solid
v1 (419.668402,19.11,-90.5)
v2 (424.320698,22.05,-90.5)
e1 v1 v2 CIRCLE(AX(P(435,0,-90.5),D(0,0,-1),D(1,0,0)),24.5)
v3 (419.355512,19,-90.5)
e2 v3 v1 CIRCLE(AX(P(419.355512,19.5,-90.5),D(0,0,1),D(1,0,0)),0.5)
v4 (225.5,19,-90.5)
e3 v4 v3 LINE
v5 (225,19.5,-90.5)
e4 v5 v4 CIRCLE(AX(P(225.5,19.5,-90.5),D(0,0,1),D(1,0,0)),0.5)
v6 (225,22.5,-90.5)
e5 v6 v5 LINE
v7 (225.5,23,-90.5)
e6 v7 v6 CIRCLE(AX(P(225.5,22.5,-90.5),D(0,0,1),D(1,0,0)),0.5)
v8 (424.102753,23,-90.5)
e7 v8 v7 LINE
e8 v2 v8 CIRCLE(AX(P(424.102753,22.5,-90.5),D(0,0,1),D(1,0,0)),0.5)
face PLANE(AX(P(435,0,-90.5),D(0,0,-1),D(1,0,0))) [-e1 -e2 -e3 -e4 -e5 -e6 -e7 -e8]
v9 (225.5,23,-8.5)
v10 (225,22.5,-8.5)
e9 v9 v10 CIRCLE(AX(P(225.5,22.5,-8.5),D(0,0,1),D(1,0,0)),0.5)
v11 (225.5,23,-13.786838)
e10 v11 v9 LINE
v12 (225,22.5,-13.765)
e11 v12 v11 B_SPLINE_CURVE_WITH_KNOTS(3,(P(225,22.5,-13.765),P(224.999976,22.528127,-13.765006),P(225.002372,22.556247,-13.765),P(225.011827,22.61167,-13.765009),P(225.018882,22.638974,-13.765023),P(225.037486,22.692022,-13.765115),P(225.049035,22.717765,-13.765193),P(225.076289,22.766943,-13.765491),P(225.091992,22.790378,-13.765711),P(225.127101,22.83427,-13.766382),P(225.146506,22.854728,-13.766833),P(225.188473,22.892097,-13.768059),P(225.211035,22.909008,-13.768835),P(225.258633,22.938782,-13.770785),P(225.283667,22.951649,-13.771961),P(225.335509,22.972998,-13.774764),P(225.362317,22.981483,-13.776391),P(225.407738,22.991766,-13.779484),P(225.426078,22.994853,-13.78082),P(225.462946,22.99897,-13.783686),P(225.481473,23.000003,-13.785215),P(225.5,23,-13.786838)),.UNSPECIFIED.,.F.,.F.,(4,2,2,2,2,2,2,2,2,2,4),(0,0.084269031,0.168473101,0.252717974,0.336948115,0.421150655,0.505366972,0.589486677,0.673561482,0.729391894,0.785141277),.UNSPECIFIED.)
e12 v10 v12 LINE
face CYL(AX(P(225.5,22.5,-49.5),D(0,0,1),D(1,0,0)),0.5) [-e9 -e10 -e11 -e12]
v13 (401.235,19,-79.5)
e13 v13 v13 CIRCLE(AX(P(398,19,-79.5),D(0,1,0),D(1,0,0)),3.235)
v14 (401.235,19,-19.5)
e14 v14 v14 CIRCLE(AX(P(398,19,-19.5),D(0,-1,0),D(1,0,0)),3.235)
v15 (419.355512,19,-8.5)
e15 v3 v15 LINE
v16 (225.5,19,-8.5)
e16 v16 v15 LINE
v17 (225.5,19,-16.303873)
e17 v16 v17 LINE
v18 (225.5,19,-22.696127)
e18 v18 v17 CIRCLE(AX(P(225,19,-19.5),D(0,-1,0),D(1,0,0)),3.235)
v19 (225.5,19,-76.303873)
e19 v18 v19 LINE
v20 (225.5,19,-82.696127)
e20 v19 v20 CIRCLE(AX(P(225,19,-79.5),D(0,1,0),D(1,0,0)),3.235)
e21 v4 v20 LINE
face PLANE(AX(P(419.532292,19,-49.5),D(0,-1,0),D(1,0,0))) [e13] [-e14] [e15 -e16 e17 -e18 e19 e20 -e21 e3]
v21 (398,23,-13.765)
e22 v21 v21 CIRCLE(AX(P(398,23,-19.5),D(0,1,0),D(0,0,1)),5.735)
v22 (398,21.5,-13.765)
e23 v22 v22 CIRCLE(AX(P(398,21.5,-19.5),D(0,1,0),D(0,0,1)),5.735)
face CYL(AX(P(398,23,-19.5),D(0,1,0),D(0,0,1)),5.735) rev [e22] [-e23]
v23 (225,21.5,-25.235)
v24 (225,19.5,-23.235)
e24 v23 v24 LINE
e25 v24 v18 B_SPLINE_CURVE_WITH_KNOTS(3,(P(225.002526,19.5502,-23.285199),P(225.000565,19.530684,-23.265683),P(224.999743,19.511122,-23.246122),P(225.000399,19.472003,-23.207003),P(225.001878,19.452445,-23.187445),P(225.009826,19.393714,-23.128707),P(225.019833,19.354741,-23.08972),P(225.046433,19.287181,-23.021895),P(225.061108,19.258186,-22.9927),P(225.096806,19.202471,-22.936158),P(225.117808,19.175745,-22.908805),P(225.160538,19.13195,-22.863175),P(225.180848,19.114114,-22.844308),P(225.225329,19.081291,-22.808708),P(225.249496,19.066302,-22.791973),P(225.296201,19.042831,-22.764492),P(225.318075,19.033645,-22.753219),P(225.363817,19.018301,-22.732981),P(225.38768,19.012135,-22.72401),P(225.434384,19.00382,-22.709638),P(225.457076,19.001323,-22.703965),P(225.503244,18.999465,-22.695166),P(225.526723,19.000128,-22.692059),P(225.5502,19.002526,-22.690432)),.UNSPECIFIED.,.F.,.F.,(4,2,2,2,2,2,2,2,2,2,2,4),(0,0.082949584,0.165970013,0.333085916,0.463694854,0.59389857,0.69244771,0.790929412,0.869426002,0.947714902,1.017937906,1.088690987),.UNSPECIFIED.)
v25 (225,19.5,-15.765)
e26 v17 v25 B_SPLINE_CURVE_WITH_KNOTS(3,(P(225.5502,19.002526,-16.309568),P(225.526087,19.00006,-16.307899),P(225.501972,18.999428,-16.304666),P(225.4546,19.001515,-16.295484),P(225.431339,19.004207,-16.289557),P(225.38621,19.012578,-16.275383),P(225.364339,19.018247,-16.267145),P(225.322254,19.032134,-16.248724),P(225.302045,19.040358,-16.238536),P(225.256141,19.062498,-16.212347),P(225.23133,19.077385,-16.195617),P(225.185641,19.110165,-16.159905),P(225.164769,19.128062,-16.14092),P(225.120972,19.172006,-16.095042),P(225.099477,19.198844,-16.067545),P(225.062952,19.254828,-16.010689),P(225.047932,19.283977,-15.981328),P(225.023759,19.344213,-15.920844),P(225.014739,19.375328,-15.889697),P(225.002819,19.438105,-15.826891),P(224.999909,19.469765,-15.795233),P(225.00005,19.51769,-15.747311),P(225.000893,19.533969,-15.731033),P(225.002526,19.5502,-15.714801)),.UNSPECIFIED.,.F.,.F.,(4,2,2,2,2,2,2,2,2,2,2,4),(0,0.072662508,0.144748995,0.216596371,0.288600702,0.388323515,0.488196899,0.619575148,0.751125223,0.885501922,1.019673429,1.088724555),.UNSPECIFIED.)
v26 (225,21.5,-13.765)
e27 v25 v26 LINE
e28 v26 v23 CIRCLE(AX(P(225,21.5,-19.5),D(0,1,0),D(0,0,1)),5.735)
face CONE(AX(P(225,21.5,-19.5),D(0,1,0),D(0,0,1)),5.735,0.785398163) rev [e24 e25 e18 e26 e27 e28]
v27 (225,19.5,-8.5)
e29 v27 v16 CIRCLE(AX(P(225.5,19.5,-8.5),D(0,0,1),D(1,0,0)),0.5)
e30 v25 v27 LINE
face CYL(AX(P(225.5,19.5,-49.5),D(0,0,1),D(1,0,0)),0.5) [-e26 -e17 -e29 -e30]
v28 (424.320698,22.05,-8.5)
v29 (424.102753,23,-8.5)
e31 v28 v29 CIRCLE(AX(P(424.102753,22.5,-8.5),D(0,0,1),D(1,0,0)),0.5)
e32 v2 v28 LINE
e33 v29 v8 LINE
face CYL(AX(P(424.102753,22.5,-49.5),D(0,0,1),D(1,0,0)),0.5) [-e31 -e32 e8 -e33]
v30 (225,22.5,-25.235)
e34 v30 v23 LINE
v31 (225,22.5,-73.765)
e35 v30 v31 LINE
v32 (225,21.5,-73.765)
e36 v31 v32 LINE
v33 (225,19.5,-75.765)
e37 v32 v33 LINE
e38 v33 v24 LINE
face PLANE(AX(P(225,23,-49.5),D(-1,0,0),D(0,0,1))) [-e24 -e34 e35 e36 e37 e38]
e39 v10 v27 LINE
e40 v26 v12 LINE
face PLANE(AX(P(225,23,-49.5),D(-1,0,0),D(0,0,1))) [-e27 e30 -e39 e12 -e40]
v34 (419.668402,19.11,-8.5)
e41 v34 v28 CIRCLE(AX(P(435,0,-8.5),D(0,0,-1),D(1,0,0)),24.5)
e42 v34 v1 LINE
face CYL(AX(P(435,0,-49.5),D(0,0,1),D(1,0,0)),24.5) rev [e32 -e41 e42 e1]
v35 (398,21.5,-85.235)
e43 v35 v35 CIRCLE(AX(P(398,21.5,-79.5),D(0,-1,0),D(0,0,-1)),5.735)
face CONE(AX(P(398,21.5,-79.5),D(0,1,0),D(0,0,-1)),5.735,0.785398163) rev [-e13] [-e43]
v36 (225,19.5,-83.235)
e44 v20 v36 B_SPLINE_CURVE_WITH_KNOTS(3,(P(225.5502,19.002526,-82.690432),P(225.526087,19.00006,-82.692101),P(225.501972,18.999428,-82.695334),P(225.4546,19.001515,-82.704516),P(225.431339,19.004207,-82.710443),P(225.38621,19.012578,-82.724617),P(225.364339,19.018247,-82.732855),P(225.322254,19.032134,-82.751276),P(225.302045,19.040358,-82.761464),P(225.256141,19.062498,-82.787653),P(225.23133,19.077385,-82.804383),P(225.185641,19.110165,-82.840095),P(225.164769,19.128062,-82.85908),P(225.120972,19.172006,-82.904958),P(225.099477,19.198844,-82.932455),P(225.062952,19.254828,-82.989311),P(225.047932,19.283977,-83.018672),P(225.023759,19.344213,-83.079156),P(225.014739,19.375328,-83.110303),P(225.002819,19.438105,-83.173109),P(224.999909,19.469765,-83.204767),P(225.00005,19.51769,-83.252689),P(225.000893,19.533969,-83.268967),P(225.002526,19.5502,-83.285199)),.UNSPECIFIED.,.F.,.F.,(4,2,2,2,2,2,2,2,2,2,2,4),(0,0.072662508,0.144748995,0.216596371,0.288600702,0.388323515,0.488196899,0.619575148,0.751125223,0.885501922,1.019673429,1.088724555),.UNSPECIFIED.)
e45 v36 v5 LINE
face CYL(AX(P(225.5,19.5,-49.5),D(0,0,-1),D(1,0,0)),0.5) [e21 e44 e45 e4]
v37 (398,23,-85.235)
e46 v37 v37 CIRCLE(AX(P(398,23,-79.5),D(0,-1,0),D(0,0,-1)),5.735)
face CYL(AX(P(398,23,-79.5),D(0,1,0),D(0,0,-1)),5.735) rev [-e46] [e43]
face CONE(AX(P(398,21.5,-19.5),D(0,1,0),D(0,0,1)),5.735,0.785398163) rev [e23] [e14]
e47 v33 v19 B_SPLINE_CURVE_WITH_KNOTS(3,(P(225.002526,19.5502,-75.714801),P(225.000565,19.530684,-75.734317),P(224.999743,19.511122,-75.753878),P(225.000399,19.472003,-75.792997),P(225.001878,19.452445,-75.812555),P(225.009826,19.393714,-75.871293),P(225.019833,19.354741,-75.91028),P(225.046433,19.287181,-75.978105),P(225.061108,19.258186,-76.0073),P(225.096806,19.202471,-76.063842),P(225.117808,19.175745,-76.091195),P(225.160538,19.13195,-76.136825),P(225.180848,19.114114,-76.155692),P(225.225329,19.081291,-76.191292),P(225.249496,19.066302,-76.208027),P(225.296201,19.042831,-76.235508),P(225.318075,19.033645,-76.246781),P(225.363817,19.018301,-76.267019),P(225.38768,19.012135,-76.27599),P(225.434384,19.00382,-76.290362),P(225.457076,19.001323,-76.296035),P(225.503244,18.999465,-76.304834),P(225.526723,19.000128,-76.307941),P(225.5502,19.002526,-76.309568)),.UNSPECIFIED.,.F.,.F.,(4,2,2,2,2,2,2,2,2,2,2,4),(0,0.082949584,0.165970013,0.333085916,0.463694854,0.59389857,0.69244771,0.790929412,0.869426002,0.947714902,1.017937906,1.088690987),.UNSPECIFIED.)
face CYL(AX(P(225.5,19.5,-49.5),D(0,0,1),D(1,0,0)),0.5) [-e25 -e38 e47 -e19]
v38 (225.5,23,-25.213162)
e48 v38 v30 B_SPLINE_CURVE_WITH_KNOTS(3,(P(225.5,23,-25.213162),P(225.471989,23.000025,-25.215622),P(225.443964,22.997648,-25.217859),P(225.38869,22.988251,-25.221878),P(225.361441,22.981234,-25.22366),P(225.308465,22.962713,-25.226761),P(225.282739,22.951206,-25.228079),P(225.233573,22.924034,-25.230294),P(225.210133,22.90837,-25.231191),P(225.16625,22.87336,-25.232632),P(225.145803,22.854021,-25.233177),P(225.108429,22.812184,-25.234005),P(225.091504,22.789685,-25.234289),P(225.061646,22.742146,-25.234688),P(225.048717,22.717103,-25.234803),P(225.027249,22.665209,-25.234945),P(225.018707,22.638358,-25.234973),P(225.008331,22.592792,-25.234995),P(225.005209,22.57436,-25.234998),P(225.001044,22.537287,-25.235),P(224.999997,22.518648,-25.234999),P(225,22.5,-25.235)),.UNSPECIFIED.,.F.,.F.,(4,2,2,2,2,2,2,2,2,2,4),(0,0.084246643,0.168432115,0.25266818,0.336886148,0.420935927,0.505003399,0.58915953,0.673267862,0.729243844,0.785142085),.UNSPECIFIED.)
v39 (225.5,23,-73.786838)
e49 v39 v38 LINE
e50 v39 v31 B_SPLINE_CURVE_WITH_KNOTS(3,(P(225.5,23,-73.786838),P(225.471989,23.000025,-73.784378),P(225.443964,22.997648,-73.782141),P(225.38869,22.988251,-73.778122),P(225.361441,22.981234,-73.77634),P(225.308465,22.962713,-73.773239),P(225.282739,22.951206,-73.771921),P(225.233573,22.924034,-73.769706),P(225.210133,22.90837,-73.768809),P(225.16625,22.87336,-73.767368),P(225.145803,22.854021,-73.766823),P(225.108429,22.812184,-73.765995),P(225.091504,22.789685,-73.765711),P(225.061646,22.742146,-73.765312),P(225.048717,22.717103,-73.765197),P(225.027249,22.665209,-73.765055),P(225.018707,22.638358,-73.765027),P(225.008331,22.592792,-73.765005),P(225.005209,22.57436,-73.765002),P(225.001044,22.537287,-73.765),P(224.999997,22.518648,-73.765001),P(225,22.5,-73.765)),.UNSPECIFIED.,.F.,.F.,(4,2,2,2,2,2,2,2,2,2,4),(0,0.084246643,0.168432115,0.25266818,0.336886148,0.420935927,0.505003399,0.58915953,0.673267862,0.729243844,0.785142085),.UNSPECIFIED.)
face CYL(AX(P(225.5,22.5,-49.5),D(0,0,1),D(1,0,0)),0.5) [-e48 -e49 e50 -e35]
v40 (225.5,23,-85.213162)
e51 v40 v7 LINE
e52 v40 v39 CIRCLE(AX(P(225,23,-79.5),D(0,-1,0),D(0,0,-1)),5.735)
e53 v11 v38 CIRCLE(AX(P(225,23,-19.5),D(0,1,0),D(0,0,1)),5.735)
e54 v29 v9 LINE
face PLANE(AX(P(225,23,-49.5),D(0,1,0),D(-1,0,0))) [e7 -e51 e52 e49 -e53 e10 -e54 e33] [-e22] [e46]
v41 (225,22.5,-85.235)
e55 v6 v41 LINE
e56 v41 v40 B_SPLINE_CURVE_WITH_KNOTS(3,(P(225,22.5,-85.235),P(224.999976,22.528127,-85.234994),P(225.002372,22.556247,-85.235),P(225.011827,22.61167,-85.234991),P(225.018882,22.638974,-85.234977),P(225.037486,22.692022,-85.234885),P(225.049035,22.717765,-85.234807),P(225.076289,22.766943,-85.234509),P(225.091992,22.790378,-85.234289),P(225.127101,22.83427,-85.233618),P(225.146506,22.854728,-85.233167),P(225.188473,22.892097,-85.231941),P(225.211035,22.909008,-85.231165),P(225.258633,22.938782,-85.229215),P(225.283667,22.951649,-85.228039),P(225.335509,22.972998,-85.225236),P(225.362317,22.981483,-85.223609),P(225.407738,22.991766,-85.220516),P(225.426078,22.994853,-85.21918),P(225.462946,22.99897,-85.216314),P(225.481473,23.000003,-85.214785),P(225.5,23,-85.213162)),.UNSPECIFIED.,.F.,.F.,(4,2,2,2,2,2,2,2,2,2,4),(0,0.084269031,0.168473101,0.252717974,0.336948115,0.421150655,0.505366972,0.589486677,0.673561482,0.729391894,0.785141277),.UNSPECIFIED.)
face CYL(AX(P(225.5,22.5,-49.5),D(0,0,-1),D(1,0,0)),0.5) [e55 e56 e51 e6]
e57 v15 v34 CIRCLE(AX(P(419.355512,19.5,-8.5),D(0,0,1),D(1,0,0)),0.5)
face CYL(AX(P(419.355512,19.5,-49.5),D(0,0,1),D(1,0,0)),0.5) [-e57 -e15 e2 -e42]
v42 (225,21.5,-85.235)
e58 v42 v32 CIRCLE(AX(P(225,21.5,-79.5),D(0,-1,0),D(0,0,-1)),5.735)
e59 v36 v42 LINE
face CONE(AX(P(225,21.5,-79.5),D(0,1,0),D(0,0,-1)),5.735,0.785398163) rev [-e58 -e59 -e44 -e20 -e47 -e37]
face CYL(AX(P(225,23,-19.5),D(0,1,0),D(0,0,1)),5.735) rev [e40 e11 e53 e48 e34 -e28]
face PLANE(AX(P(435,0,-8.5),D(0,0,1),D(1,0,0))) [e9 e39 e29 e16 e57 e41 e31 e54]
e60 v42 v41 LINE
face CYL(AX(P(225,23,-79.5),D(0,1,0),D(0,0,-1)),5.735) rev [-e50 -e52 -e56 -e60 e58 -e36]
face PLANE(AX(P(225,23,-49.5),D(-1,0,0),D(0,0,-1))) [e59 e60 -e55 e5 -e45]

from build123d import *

# Parameters (mm, degrees)
AUFSATZ_LINEAR_START                        = -8.5
AUFSATZ_LINEAR_AUSTRAGEN1_DEPTH             = 41
VERRUNDUNG1_R                               = 0.5
FORMSENKUNG_F_R_M5_SENKSCHRAUBE_MIT_2_COUNT = 2
FORMSENKUNG_F_R_M5_SENKSCHRAUBE_MIT_2_PITCH = 173


with BuildPart() as part:
    # Skizze1 → Aufsatz-Linear austragen1 (new body)
    with BuildSketch(Plane.XY.offset(AUFSATZ_LINEAR_START)):
        with BuildLine():
            Line((225, 23), (426.559028492, 23))
            ThreePointArc((426.559028492, 23), (422.879511457, 21.29187069), (419.532291702, 19))
            Line((419.532291702, 19), (417.992648648, 19))
            Line((417.992648648, 19), (225, 19))
            Line((225, 19), (225, 23))
        make_face()
    extrude(amount=-AUFSATZ_LINEAR_AUSTRAGEN1_DEPTH)

    # Verrundung1
    verrundung1_edges = [part.edges().sort_by_distance(p)[0] for p in [
        (225, 23, -29),
        (426.559028492, 23, -29),
        (419.532291702, 19, -29),
        (225, 19, -29),
    ]]
    fillet(verrundung1_edges, radius=VERRUNDUNG1_R)

    # Skizze5 → Formsenkung für M5 Senkschraube mit Innensechskant1 (revolve, cut)
    with BuildSketch(Plane(origin=(398, 23, -19.5), x_dir=(0, 0, 1), z_dir=(1, 0, 0))):
        Polygon((0, 0), (0, 5.652366702), (2.75, 4), (2.75, 4.485), (5.735, 1.5), (5.735, 0), align=None)
    formsenkung_f_r_m5_senkschraube_mit_inne = revolve(axis=Axis((398, 29.35, -19.5), (0, -1, 0)), mode=Mode.SUBTRACT)

    # Formsenkung f_r M5 Senkschraube mit  2: Formsenkung für M5 Senkschraube mit Innensechskant1 ×2
    with Locations(*[(-i * FORMSENKUNG_F_R_M5_SENKSCHRAUBE_MIT_2_PITCH, 0, 0) for i in range(1, FORMSENKUNG_F_R_M5_SENKSCHRAUBE_MIT_2_COUNT)]):
        add(formsenkung_f_r_m5_senkschraube_mit_inne, mode=Mode.SUBTRACT)

    # Spiegeln1: part across plane


with BuildPart() as part_1:
    add(part.part)
    add(part.part.mirror(Plane(origin=(435, 0, -49.5), x_dir=(1, 0, 0), z_dir=(0, 0, 1))))


solid = part_1.part
